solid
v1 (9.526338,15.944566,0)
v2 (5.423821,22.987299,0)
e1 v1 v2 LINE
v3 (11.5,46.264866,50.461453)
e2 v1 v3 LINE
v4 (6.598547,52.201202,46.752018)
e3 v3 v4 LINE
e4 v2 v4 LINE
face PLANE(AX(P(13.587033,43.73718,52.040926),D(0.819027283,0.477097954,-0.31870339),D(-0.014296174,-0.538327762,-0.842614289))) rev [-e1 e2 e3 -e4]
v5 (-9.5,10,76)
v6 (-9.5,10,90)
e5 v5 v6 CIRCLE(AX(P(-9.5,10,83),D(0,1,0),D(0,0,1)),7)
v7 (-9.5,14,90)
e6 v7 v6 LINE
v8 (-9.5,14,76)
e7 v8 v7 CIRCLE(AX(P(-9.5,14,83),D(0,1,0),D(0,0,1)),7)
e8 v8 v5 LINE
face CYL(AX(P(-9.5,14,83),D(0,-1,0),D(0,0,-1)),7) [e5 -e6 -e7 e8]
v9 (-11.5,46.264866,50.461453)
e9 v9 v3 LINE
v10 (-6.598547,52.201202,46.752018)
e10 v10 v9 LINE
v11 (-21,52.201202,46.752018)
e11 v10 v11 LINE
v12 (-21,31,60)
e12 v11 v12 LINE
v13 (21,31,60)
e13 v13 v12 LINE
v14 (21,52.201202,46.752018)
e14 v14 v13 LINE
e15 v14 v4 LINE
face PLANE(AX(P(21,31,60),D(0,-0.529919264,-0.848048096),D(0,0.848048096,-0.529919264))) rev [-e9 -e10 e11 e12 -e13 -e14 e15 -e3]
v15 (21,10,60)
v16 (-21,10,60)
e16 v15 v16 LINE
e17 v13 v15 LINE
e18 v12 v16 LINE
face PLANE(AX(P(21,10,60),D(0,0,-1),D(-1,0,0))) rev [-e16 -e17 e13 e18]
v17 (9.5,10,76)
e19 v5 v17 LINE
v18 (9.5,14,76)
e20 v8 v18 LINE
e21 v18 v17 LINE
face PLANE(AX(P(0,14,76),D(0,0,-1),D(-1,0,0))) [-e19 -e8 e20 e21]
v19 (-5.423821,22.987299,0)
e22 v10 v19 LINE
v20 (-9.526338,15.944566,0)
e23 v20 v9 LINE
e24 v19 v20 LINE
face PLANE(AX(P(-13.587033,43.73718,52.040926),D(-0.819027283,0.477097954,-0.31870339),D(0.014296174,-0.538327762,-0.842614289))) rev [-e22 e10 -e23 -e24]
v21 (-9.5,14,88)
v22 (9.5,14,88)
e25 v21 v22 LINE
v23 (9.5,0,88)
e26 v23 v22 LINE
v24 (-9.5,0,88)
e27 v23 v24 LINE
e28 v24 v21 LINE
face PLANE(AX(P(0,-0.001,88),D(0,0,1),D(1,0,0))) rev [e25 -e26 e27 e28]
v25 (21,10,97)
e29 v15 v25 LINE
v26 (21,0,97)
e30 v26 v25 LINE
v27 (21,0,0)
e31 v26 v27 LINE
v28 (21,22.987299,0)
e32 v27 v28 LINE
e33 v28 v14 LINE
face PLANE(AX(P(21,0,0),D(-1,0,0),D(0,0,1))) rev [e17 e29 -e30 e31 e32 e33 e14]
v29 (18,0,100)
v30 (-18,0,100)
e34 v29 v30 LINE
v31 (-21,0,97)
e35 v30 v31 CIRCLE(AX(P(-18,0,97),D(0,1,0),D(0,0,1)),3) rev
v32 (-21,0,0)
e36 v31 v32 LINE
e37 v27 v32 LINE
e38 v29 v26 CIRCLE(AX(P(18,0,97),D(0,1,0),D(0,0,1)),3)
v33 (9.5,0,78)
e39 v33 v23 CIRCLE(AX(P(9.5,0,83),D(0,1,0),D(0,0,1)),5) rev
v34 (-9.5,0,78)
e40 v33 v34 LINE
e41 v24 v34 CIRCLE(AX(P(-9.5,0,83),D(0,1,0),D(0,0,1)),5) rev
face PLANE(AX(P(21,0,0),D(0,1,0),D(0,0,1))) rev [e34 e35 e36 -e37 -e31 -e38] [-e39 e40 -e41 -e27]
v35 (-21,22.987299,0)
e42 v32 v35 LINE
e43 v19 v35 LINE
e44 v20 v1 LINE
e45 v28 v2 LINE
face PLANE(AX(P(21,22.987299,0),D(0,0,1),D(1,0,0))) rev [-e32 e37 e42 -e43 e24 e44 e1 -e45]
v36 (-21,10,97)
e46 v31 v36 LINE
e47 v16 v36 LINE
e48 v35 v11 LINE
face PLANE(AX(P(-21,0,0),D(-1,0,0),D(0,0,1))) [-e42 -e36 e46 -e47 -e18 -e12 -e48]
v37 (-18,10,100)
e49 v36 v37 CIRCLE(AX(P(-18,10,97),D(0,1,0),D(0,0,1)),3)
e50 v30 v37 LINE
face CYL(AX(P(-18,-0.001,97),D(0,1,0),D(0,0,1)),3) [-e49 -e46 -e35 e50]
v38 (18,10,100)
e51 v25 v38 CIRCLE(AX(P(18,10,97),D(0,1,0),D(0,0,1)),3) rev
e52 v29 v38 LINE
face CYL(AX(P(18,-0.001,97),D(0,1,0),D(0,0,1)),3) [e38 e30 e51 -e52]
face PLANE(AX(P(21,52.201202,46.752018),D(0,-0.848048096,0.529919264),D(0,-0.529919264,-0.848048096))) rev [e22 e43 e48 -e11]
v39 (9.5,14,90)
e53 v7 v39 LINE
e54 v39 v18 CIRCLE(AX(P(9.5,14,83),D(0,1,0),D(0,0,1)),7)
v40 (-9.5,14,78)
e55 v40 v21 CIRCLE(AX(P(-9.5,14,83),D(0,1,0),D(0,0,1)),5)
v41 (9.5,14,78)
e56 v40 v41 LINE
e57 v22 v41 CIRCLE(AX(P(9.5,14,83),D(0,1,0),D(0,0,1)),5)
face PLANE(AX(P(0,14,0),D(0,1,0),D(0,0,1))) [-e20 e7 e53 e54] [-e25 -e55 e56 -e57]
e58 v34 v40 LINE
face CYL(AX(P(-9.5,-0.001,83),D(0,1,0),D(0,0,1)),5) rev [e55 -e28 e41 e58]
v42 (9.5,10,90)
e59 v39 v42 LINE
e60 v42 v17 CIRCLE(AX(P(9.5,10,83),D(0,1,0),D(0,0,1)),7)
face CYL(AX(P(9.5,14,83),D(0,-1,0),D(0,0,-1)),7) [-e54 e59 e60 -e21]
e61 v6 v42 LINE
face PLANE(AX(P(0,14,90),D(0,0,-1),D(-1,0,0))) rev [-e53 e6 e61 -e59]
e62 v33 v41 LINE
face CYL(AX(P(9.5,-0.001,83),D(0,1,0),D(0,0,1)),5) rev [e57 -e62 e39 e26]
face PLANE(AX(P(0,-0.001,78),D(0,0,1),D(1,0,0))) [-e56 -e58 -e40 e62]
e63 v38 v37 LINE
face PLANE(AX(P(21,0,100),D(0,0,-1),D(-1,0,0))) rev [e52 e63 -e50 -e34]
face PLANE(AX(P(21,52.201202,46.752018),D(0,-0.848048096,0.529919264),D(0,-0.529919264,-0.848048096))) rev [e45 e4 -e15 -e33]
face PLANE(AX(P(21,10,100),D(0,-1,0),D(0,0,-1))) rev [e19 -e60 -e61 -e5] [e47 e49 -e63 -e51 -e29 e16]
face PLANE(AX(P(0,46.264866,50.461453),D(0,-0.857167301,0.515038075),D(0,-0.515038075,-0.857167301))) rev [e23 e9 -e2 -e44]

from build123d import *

# Parameters (mm, degrees)
BOSS_EXTRUDE1_DEPTH = 21
CUT_EXTRUDE1_DEPTH  = 60
CUT_EXTRUDE1_DRAFT  = -1
CUT_EXTRUDE2_REACH  = 112.553
BOSS_EXTRUDE2_START = 4
BOSS_EXTRUDE2_DEPTH = 4


with BuildPart() as part:
    # Sketch1 → Boss-Extrude1 (new, symmetric)
    with BuildSketch(Plane(origin=(0, 0, 0), x_dir=(0, 0, -1), z_dir=(1, 0, 0))):
        Polygon((0, 0), (-100, 0), (-100, 10), (-60, 10), (-60, 31), (-46.752018394, 52.201202404), (0, 22.987298969), align=None)
    extrude(amount=BOSS_EXTRUDE1_DEPTH, both=True)


with BuildPart() as cut_extrude1_tool:
    # Sketch2 → Cut-Extrude1 (with draft: the straight prism first)
    with BuildSketch(Plane(origin=(0, 35.669068614, 57.082442121), x_dir=(1, 0, 0), z_dir=(0, 0.5299192642331993, 0.8480480961564296))):
        Polygon((5.821903288, 20.603497628), (-5.821903288, 20.603497628), (-11.5, 12.494335127), (11.5, 12.494335127), align=None)
    extrude(amount=-CUT_EXTRUDE1_DEPTH)
    # Cut-Extrude1: the draft: its side faces are tilted about the plane it starts from
    cut_extrude1_sides = [cut_extrude1_tool.faces().sort_by_distance(p)[0] for p in [
        (0, 30.367287804, 25.020010359),
        (8.660951644, 33.805767714, 22.871409646),
        (0, 37.244247624, 20.722808933),
        (-8.660951644, 33.805767714, 22.871409646),
    ]]
    draft(cut_extrude1_sides, Plane(origin=(0, 35.669068614, 57.082442121), x_dir=(1, 0, 0), z_dir=(0, 0.5299192642331993, 0.8480480961564296)), CUT_EXTRUDE1_DRAFT)


with BuildPart() as part_1:
    add(part.part)

    # Cut-Extrude1: cut by cut_extrude1_tool
    add(cut_extrude1_tool.part, mode=Mode.SUBTRACT)

    # Sketch3 → Cut-Extrude2 (cut, up to next)
    with BuildSketch(Plane(origin=(0, 10, 0), x_dir=(1, 0, 0), z_dir=(0, 1, 0)), mode=Mode.PRIVATE) as cut_extrude2_sk1:
        with BuildLine():
            Line((9.5, -78), (-9.5, -78))
            ThreePointArc((-9.5, -78), (-14.5, -83), (-9.5, -88))
            Line((-9.5, -88), (9.5, -88))
            ThreePointArc((9.5, -88), (14.5, -83), (9.5, -78))
        make_face()
    cut_extrude2_tool1 = extrude(cut_extrude2_sk1.sketch, amount=-CUT_EXTRUDE2_REACH, mode=Mode.PRIVATE) & part_1.part
    # Sketch3 → Cut-Extrude2 (cut, up to next)
    with BuildSketch(Plane(origin=(0, 10, 0), x_dir=(1, 0, 0), z_dir=(0, 1, 0)), mode=Mode.PRIVATE) as cut_extrude2_sk2:
        with BuildLine():
            ThreePointArc((21, -97), (20.121320344, -99.121320344), (18, -100))
            Line((18, -100), (21, -100))
            Line((21, -100), (21, -97))
        make_face()
    cut_extrude2_tool2 = extrude(cut_extrude2_sk2.sketch, amount=-CUT_EXTRUDE2_REACH, mode=Mode.PRIVATE) & part_1.part
    # Sketch3 → Cut-Extrude2 (cut, up to next)
    with BuildSketch(Plane(origin=(0, 10, 0), x_dir=(1, 0, 0), z_dir=(0, 1, 0)), mode=Mode.PRIVATE) as cut_extrude2_sk3:
        with BuildLine():
            ThreePointArc((-18, -100), (-20.121320344, -99.121320344), (-21, -97))
            Line((-21, -97), (-21, -100))
            Line((-21, -100), (-18, -100))
        make_face()
    cut_extrude2_tool3 = extrude(cut_extrude2_sk3.sketch, amount=-CUT_EXTRUDE2_REACH, mode=Mode.PRIVATE) & part_1.part
    add(cut_extrude2_tool1.solids().sort_by_distance((0, 10, 83))[0], mode=Mode.SUBTRACT)
    add(cut_extrude2_tool2.solids().sort_by_distance((20.329896, 10, 99.329896))[0], mode=Mode.SUBTRACT)
    add(cut_extrude2_tool3.solids().sort_by_distance((-20.329896, 10, 99.329896))[0], mode=Mode.SUBTRACT)

    # Sketch3<3> → Boss-Extrude2 (add)
    with BuildSketch(Plane(origin=(0, 10, 0), x_dir=(1, 0, 0), z_dir=(0, 1, 0)).offset(BOSS_EXTRUDE2_START)):
        with BuildLine():
            Line((9.5, -76), (-9.5, -76))
            ThreePointArc((-9.5, -76), (-16.5, -83), (-9.5, -90))
            Line((-9.5, -90), (9.5, -90))
            ThreePointArc((9.5, -90), (16.5, -83), (9.5, -76))
        make_face()
        with BuildLine():
            ThreePointArc((-9.5, -88), (-14.5, -83), (-9.5, -78))
            Line((-9.5, -78), (9.5, -78))
            ThreePointArc((9.5, -78), (14.5, -83), (9.5, -88))
            Line((9.5, -88), (-9.5, -88))
        make_face(mode=Mode.SUBTRACT)
    extrude(amount=-BOSS_EXTRUDE2_DEPTH)


solid = part_1.part
